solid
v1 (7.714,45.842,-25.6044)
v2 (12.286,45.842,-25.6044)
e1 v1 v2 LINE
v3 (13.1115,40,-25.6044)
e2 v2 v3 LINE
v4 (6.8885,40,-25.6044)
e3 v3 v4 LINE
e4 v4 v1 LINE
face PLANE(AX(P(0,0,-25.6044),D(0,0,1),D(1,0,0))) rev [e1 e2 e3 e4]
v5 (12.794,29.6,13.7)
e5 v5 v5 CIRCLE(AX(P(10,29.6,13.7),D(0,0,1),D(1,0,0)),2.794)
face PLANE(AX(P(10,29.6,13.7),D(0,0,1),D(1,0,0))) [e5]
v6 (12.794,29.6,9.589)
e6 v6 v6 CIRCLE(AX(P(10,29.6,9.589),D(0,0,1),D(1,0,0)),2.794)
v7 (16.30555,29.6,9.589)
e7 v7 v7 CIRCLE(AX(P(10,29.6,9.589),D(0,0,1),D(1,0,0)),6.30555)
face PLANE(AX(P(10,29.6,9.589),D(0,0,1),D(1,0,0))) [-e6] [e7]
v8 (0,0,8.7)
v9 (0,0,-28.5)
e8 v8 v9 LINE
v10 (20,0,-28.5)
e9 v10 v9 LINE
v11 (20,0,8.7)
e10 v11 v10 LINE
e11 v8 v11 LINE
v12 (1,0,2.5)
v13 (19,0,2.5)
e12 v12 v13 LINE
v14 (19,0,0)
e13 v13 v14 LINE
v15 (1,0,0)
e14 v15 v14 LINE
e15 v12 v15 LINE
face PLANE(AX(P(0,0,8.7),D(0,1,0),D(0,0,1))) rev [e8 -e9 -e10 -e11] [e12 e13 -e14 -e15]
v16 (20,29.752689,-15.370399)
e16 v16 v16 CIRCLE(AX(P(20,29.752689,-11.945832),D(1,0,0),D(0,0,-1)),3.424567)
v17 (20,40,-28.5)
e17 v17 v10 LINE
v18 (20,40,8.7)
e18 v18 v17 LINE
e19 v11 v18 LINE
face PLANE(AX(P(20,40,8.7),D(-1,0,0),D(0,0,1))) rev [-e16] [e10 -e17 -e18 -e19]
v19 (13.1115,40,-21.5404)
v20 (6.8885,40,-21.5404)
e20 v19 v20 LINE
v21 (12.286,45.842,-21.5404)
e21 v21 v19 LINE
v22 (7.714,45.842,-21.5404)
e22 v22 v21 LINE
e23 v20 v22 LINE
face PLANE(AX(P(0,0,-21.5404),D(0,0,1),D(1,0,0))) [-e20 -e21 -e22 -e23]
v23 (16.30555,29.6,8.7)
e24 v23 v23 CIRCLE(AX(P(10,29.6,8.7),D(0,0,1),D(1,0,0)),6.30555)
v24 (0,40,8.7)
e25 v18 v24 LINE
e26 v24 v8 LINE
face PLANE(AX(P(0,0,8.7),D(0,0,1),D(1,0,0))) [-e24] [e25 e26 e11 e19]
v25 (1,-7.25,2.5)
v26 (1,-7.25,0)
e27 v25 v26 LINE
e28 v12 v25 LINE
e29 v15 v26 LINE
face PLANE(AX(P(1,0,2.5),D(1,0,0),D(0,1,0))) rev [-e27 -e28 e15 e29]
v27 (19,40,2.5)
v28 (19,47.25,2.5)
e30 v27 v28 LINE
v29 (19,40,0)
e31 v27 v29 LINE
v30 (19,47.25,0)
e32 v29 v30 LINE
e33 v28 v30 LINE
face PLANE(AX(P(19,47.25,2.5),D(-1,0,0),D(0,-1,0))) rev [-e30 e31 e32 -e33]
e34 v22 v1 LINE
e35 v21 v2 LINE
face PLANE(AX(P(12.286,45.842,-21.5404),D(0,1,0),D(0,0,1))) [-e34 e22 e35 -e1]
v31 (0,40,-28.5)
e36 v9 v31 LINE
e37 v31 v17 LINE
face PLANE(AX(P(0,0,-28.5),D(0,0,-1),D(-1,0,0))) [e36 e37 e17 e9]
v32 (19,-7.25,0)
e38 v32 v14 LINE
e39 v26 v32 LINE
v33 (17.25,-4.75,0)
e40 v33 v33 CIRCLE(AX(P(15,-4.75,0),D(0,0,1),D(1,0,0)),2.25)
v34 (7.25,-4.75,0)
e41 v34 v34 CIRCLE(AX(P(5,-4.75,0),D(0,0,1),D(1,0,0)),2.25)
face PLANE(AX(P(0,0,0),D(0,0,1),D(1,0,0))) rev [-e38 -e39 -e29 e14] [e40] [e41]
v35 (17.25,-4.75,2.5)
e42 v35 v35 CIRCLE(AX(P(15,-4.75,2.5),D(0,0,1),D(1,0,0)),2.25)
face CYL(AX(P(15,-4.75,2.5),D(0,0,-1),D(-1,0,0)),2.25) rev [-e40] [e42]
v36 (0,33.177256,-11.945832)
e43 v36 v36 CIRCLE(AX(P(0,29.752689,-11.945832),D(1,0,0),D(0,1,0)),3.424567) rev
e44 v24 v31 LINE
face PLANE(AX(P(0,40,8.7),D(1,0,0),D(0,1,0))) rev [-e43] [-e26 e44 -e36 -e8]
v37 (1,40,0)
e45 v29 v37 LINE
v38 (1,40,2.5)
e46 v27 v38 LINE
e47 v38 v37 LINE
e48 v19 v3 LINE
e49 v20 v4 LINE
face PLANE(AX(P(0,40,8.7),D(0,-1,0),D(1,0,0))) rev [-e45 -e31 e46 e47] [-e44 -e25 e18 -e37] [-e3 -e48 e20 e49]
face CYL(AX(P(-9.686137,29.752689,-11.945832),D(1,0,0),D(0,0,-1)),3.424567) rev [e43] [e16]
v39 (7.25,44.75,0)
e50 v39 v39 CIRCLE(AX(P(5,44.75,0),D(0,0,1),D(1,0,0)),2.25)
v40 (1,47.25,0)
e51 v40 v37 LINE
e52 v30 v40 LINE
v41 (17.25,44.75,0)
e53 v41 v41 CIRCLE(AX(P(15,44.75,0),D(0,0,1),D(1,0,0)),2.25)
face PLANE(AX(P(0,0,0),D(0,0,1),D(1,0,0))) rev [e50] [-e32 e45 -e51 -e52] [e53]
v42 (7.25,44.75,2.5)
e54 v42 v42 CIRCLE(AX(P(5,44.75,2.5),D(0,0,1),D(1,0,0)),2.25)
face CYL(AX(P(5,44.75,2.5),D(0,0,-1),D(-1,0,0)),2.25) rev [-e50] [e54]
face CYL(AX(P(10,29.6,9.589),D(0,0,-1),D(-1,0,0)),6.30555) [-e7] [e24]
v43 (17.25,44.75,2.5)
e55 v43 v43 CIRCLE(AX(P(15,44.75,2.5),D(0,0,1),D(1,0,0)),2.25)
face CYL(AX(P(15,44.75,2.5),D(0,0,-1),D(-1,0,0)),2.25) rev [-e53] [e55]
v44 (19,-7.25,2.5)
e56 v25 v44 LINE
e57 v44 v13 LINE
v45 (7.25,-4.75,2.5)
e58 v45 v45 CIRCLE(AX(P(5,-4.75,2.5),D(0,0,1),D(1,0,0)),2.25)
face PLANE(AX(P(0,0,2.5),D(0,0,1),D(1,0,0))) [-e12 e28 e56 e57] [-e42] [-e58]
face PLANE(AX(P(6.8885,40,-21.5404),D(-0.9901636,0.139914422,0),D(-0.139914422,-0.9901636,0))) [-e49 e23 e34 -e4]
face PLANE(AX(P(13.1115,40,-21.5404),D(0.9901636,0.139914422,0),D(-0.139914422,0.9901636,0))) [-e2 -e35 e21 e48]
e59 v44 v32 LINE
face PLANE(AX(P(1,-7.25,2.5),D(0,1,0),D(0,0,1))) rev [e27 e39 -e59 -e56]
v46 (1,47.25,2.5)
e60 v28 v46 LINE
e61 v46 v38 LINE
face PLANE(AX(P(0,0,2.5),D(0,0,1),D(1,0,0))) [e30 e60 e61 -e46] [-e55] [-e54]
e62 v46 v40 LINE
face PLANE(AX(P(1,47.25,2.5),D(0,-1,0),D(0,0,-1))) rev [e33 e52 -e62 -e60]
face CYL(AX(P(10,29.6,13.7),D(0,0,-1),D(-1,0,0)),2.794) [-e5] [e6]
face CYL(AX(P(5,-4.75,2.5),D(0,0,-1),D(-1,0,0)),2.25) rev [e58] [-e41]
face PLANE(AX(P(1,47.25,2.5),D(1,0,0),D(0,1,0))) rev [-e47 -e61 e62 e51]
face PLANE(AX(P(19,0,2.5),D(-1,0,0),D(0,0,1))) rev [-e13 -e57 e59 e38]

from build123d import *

# Parameters (mm, degrees)
SKETCH1_W           = 20
SKETCH1_H           = 40
BOSS_EXTRUDE1_DEPTH = 8.7
SKETCH2_W           = 20
SKETCH2_H           = 40
BOSS_EXTRUDE2_DEPTH = 28.5
SKETCH3_R           = 2.25
BOSS_EXTRUDE3_DEPTH = 2.5
SKETCH4_R           = 2.794
BOSS_EXTRUDE4_DEPTH = 5
BOSS_EXTRUDE6_DEPTH = 6.9596
SKETCH10_R          = 6.30555
BOSS_EXTRUDE7_DEPTH = 0.889
CUT_EXTRUDE1_DEPTH  = 2.8956
SKETCH15_R          = 3.424566538
CUT_EXTRUDE4_DEPTH  = 20


with BuildPart() as part:
    # Sketch1 → Boss-Extrude1 (new body)
    with BuildSketch(Plane.XY):
        with Locations((10, 20)):
            Rectangle(SKETCH1_W, SKETCH1_H)
    extrude(amount=BOSS_EXTRUDE1_DEPTH)

    # Sketch2 → Boss-Extrude2 (add)
    with BuildSketch(Plane(origin=(0, 0, 0), x_dir=(-1, 0, 0), z_dir=(0, 0, -1))):
        with Locations((-10, 20)):
            Rectangle(SKETCH2_W, SKETCH2_H)
    extrude(amount=BOSS_EXTRUDE2_DEPTH)

    # Sketch3 → Boss-Extrude3 (add)
    with BuildSketch(Plane.XY):
        Polygon((19, 0), (19, -7.25), (1, -7.25), (1, 0), (0, 0), (0, 40), (1, 40), (1, 47.25), (19, 47.25), (19, 40), (20, 40), (20, 0), align=None)
        with Locations((5, -4.75)):
            Circle(SKETCH3_R, mode=Mode.SUBTRACT)
        with Locations((15, -4.75)):
            Circle(SKETCH3_R, mode=Mode.SUBTRACT)
        with Locations((5, 44.75)):
            Circle(SKETCH3_R, mode=Mode.SUBTRACT)
        with Locations((15, 44.75)):
            Circle(SKETCH3_R, mode=Mode.SUBTRACT)
    extrude(amount=BOSS_EXTRUDE3_DEPTH)

    # Sketch4 → Boss-Extrude4 (add)
    with BuildSketch(Plane.XY.offset(8.7)):
        with Locations((10, 29.6)):
            Circle(SKETCH4_R)
    extrude(amount=BOSS_EXTRUDE4_DEPTH)

    # Sketch9 → Boss-Extrude6 (add)
    with BuildSketch(Plane(origin=(0, 0, -28.5), x_dir=(-1, 0, 0), z_dir=(0, 0, -1))):
        Polygon((-13.1115, 40), (-6.8885, 40), (-7.714, 45.842), (-12.286, 45.842), align=None)
    extrude(amount=-BOSS_EXTRUDE6_DEPTH)

    # Sketch10 → Boss-Extrude7 (add)
    with BuildSketch(Plane.XY.offset(8.7)):
        with Locations((10, 29.6)):
            Circle(SKETCH10_R)
    extrude(amount=BOSS_EXTRUDE7_DEPTH)

    # Sketch11 → Cut-Extrude1 (cut)
    with BuildSketch(Plane(origin=(0, 0, -28.5), x_dir=(-1, 0, 0), z_dir=(0, 0, -1))):
        Polygon((-12.286, 45.842), (-7.714, 45.842), (-6.8885, 40), (-13.1115, 40), align=None)
    extrude(amount=-CUT_EXTRUDE1_DEPTH, mode=Mode.SUBTRACT)

    # Sketch15 → Cut-Extrude4 (cut)
    with BuildSketch(Plane(origin=(20, 0, 0), x_dir=(0, 0, -1), z_dir=(1, 0, 0))):
        with Locations((11.945832328, 29.752689179)):
            Circle(SKETCH15_R)
    extrude(amount=-CUT_EXTRUDE4_DEPTH, mode=Mode.SUBTRACT)


solid = part.part
